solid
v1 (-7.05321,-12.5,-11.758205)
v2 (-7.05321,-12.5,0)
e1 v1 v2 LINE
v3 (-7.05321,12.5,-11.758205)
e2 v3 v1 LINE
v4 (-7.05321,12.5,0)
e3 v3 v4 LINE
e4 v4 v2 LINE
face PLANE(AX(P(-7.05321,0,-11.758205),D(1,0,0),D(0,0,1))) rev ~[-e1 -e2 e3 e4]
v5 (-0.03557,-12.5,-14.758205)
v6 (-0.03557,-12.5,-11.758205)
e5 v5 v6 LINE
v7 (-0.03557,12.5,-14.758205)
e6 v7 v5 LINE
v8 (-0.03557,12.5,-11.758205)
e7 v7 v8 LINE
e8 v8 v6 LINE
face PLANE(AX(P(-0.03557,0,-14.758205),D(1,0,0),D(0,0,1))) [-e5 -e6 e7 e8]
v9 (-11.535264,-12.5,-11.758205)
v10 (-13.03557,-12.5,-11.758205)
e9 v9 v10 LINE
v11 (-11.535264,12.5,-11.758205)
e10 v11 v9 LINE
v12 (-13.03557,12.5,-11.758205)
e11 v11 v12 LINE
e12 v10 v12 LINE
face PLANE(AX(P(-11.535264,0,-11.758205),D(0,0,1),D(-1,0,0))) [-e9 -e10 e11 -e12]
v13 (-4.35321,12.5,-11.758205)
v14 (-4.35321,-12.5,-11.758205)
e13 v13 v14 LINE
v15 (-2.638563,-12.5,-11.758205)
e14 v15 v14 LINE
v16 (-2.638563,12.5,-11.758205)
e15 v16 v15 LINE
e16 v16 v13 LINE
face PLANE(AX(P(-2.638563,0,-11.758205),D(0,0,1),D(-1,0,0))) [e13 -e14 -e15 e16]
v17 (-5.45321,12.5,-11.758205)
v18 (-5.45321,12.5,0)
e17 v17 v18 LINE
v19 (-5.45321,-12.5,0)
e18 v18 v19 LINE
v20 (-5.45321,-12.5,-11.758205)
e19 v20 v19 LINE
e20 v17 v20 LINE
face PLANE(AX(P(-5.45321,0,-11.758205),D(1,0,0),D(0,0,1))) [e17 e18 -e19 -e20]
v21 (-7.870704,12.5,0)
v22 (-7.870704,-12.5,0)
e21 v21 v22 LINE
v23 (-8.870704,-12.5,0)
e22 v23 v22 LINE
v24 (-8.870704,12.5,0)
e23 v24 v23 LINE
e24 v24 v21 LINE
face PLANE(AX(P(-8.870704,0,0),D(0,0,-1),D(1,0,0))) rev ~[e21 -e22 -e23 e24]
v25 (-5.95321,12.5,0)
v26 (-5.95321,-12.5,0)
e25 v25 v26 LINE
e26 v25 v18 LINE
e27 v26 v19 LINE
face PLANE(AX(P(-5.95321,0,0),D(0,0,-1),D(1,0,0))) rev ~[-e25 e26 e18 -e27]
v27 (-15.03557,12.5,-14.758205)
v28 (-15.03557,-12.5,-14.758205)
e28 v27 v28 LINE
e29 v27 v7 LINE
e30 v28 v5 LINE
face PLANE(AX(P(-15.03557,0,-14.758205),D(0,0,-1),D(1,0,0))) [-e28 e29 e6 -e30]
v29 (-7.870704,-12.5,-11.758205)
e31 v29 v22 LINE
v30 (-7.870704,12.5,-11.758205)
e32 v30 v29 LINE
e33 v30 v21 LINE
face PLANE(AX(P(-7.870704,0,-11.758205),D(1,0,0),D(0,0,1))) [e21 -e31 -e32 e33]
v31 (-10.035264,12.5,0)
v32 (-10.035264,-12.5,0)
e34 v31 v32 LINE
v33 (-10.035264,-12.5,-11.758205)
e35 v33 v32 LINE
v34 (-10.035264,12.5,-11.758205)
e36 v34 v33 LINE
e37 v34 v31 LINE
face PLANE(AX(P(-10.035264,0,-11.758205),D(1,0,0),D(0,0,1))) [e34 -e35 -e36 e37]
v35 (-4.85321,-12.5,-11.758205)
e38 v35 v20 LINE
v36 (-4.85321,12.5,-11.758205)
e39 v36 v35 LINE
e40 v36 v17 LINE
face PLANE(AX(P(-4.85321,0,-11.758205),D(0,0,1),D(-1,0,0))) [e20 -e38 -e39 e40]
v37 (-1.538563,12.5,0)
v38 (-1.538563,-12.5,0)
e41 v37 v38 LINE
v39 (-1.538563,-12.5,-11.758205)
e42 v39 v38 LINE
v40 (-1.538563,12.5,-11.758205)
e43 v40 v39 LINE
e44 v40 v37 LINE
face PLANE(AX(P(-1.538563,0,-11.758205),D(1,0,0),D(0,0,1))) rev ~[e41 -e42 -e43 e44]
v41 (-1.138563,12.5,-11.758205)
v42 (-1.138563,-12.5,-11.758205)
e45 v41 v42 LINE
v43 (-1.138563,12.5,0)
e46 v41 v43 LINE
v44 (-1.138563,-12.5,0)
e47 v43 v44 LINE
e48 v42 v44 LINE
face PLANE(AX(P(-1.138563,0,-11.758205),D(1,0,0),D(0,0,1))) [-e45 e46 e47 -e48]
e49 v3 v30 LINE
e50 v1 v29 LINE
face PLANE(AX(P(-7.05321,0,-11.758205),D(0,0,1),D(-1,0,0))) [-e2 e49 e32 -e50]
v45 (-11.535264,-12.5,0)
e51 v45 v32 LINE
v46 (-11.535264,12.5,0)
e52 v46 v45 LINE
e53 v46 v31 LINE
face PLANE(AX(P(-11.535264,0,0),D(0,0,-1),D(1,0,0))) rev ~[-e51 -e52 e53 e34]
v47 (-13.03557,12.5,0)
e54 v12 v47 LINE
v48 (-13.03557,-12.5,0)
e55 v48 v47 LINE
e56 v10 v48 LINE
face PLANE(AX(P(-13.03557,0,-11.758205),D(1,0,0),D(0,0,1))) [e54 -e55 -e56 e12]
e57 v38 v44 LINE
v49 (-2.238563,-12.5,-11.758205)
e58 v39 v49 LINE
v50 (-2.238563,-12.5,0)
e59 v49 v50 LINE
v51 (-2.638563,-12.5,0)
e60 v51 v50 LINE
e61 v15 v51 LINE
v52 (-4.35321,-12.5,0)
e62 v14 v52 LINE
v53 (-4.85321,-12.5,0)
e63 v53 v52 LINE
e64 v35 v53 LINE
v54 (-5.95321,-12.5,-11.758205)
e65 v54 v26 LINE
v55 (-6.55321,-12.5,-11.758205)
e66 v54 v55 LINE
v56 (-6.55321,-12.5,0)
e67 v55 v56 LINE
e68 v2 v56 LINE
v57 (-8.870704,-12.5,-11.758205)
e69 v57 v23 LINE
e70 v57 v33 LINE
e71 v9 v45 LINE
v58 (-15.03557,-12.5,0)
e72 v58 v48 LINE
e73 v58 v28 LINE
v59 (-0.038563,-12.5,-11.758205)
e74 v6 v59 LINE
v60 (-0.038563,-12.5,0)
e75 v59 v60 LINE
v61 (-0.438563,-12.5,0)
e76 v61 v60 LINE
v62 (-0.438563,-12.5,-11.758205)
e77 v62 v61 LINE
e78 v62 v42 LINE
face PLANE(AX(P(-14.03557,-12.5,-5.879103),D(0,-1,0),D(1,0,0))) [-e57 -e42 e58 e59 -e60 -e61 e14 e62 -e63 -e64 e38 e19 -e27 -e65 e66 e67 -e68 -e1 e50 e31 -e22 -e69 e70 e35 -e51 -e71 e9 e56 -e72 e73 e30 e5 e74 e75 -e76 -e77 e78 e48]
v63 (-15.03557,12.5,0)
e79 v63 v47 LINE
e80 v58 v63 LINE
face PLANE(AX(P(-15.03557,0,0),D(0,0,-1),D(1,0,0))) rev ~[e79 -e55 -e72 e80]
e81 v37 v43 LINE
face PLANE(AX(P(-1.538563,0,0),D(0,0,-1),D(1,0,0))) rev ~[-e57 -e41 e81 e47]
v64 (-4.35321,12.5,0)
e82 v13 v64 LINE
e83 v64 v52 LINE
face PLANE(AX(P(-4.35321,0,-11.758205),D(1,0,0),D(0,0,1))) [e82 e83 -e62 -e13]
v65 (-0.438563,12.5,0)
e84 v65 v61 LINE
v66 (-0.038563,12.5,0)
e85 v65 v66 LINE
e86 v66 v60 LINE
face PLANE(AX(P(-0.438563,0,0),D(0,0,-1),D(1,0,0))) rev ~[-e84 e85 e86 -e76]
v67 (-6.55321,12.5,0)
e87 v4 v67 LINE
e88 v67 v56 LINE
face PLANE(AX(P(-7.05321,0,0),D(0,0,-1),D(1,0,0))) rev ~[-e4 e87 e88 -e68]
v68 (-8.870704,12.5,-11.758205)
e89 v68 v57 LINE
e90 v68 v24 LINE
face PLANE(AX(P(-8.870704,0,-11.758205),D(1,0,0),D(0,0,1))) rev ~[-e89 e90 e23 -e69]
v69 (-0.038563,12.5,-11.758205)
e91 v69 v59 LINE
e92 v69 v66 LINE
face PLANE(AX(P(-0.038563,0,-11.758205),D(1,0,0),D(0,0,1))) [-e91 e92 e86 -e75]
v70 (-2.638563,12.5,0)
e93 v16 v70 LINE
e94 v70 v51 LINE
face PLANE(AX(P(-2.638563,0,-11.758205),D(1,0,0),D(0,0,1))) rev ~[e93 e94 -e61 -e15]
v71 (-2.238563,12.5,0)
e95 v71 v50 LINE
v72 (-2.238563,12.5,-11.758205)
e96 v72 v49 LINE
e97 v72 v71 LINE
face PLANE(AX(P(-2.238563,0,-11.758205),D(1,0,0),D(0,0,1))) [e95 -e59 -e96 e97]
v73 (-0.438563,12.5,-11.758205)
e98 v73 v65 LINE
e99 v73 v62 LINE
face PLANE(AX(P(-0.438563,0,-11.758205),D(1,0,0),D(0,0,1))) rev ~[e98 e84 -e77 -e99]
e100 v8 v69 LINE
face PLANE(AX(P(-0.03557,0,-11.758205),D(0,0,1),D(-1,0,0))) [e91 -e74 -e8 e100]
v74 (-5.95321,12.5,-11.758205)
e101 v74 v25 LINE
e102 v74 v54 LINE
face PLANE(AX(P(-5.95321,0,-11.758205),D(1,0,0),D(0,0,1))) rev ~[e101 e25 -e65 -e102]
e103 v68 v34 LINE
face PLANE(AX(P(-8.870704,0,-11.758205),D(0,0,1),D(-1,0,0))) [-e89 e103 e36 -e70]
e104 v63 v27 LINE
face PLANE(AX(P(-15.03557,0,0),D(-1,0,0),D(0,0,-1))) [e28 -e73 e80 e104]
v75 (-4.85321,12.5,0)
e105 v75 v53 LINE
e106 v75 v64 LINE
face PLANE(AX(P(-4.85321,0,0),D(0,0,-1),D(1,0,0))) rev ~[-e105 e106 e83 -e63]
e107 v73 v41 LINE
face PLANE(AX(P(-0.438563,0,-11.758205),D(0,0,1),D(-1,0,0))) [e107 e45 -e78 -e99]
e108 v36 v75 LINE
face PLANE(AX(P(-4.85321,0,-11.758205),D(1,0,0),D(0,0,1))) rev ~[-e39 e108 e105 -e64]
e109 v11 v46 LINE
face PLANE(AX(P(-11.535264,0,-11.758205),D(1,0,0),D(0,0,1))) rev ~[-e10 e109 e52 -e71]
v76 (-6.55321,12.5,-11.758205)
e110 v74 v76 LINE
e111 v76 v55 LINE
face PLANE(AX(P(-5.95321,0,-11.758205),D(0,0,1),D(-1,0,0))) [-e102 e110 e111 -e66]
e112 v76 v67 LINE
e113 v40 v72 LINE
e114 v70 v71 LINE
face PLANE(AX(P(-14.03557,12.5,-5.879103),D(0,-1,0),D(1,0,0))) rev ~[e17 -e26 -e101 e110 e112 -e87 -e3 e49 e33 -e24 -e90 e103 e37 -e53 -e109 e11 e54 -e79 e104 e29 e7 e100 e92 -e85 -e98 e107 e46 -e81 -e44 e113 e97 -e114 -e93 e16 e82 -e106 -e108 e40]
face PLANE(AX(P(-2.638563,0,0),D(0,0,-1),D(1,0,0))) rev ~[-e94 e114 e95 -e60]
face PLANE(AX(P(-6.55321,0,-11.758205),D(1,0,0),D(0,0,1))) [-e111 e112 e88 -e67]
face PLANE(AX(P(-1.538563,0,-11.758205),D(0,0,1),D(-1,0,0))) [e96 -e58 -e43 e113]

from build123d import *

# Parameters (mm, degrees)
F0_W     = 5.08
F0_H     = 25.4
F0_W_2   = 2.54
F0_W_3   = 3.81
F1_DEPTH = 40
F3_W     = 2
F3_H     = 11.758205078
F3_W_2   = 1.5
F3_W_3   = 1
F3_W_4   = 0.4
F3_W_5   = 0.5
F4_DEPTH = 12.5


with BuildPart() as f1:
    # F0 (on Front) → F1 (new body)
    with BuildSketch(Plane.XZ):
        Polygon((-39.5374095005, -17.8057016992), (-44.6174095005, -17.8057016992), (-44.6174095005, -22.8857016992), (56.9825904995, -22.8857016992), (56.9825904995, -17.8057016992), (51.9025904995, -17.8057016992), (40.6538585508, -17.8057016992), (38.1138585508, -17.8057016992), (25.9218535846, -17.8057016992), (22.1118535846, -17.8057016992), (8.1349273361, -17.8057016992), (3.0549273361, -17.8057016992), (-17.8261825508, -17.8057016992), (-20.3661825508, -17.8057016992), (-27.4666358256, -17.8057016992), (-31.2766358256, -17.8057016992), align=None)
        with Locations((54.4425904995, -5.1057016992)):
            Rectangle(F0_W, F0_H)
        with Locations((39.3838585508, -5.1057016992)):
            Rectangle(F0_W_2, F0_H)
        with Locations((24.0168535846, -5.1057016992)):
            Rectangle(F0_W_3, F0_H)
        with Locations((5.5949273361, -5.1057016992)):
            Rectangle(F0_W, F0_H)
        with Locations((-29.3716358256, -5.1057016992)):
            Rectangle(F0_W_3, F0_H)
        with Locations((-42.0774095005, -5.1057016992)):
            Rectangle(F0_W, F0_H)
        with Locations((-19.0961825508, -5.1057016992)):
            Rectangle(F0_W_2, F0_H)
    extrude(amount=F1_DEPTH)


with BuildPart() as f4:
    # F3 (on Front) → F4 (new body, symmetric)
    with BuildSketch(Plane.XZ):
        with Locations((-14.0355701865, -5.879102539)):
            Rectangle(F3_W, F3_H)
        Polygon((-13.0355701865, -11.758205078), (-15.0355701865, -11.758205078), (-15.0355701865, -14.758205078), (-0.0355701865, -14.758205078), (-0.0355701865, -11.758205078), (-0.0385628735, -11.758205078), (-0.4385628735, -11.758205078), (-1.1385628735, -11.758205078), (-1.5385628735, -11.758205078), (-2.2385628735, -11.758205078), (-2.6385628735, -11.758205078), (-4.3532104, -11.758205078), (-4.8532104, -11.758205078), (-5.4532104, -11.758205078), (-5.9532104, -11.758205078), (-6.5532104, -11.758205078), (-7.0532104, -11.758205078), (-7.870703689, -11.758205078), (-8.870703689, -11.758205078), (-10.0352638757, -11.758205078), (-11.5352638757, -11.758205078), align=None)
        with Locations((-10.7852638757, -5.879102539)):
            Rectangle(F3_W_2, F3_H)
        with Locations((-8.370703689, -5.879102539)):
            Rectangle(F3_W_3, F3_H)
        with Locations((-0.2385628735, -5.879102539)):
            Rectangle(F3_W_4, F3_H)
        with Locations((-6.8032104, -5.879102539)):
            Rectangle(F3_W_5, F3_H)
        with Locations((-1.3385628735, -5.879102539)):
            Rectangle(F3_W_4, F3_H)
        with Locations((-5.7032104, -5.879102539)):
            Rectangle(F3_W_5, F3_H)
        with Locations((-2.4385628735, -5.879102539)):
            Rectangle(F3_W_4, F3_H)
        with Locations((-4.6032104, -5.879102539)):
            Rectangle(F3_W_5, F3_H)
    extrude(amount=F4_DEPTH, both=True)


solid = f4.part
